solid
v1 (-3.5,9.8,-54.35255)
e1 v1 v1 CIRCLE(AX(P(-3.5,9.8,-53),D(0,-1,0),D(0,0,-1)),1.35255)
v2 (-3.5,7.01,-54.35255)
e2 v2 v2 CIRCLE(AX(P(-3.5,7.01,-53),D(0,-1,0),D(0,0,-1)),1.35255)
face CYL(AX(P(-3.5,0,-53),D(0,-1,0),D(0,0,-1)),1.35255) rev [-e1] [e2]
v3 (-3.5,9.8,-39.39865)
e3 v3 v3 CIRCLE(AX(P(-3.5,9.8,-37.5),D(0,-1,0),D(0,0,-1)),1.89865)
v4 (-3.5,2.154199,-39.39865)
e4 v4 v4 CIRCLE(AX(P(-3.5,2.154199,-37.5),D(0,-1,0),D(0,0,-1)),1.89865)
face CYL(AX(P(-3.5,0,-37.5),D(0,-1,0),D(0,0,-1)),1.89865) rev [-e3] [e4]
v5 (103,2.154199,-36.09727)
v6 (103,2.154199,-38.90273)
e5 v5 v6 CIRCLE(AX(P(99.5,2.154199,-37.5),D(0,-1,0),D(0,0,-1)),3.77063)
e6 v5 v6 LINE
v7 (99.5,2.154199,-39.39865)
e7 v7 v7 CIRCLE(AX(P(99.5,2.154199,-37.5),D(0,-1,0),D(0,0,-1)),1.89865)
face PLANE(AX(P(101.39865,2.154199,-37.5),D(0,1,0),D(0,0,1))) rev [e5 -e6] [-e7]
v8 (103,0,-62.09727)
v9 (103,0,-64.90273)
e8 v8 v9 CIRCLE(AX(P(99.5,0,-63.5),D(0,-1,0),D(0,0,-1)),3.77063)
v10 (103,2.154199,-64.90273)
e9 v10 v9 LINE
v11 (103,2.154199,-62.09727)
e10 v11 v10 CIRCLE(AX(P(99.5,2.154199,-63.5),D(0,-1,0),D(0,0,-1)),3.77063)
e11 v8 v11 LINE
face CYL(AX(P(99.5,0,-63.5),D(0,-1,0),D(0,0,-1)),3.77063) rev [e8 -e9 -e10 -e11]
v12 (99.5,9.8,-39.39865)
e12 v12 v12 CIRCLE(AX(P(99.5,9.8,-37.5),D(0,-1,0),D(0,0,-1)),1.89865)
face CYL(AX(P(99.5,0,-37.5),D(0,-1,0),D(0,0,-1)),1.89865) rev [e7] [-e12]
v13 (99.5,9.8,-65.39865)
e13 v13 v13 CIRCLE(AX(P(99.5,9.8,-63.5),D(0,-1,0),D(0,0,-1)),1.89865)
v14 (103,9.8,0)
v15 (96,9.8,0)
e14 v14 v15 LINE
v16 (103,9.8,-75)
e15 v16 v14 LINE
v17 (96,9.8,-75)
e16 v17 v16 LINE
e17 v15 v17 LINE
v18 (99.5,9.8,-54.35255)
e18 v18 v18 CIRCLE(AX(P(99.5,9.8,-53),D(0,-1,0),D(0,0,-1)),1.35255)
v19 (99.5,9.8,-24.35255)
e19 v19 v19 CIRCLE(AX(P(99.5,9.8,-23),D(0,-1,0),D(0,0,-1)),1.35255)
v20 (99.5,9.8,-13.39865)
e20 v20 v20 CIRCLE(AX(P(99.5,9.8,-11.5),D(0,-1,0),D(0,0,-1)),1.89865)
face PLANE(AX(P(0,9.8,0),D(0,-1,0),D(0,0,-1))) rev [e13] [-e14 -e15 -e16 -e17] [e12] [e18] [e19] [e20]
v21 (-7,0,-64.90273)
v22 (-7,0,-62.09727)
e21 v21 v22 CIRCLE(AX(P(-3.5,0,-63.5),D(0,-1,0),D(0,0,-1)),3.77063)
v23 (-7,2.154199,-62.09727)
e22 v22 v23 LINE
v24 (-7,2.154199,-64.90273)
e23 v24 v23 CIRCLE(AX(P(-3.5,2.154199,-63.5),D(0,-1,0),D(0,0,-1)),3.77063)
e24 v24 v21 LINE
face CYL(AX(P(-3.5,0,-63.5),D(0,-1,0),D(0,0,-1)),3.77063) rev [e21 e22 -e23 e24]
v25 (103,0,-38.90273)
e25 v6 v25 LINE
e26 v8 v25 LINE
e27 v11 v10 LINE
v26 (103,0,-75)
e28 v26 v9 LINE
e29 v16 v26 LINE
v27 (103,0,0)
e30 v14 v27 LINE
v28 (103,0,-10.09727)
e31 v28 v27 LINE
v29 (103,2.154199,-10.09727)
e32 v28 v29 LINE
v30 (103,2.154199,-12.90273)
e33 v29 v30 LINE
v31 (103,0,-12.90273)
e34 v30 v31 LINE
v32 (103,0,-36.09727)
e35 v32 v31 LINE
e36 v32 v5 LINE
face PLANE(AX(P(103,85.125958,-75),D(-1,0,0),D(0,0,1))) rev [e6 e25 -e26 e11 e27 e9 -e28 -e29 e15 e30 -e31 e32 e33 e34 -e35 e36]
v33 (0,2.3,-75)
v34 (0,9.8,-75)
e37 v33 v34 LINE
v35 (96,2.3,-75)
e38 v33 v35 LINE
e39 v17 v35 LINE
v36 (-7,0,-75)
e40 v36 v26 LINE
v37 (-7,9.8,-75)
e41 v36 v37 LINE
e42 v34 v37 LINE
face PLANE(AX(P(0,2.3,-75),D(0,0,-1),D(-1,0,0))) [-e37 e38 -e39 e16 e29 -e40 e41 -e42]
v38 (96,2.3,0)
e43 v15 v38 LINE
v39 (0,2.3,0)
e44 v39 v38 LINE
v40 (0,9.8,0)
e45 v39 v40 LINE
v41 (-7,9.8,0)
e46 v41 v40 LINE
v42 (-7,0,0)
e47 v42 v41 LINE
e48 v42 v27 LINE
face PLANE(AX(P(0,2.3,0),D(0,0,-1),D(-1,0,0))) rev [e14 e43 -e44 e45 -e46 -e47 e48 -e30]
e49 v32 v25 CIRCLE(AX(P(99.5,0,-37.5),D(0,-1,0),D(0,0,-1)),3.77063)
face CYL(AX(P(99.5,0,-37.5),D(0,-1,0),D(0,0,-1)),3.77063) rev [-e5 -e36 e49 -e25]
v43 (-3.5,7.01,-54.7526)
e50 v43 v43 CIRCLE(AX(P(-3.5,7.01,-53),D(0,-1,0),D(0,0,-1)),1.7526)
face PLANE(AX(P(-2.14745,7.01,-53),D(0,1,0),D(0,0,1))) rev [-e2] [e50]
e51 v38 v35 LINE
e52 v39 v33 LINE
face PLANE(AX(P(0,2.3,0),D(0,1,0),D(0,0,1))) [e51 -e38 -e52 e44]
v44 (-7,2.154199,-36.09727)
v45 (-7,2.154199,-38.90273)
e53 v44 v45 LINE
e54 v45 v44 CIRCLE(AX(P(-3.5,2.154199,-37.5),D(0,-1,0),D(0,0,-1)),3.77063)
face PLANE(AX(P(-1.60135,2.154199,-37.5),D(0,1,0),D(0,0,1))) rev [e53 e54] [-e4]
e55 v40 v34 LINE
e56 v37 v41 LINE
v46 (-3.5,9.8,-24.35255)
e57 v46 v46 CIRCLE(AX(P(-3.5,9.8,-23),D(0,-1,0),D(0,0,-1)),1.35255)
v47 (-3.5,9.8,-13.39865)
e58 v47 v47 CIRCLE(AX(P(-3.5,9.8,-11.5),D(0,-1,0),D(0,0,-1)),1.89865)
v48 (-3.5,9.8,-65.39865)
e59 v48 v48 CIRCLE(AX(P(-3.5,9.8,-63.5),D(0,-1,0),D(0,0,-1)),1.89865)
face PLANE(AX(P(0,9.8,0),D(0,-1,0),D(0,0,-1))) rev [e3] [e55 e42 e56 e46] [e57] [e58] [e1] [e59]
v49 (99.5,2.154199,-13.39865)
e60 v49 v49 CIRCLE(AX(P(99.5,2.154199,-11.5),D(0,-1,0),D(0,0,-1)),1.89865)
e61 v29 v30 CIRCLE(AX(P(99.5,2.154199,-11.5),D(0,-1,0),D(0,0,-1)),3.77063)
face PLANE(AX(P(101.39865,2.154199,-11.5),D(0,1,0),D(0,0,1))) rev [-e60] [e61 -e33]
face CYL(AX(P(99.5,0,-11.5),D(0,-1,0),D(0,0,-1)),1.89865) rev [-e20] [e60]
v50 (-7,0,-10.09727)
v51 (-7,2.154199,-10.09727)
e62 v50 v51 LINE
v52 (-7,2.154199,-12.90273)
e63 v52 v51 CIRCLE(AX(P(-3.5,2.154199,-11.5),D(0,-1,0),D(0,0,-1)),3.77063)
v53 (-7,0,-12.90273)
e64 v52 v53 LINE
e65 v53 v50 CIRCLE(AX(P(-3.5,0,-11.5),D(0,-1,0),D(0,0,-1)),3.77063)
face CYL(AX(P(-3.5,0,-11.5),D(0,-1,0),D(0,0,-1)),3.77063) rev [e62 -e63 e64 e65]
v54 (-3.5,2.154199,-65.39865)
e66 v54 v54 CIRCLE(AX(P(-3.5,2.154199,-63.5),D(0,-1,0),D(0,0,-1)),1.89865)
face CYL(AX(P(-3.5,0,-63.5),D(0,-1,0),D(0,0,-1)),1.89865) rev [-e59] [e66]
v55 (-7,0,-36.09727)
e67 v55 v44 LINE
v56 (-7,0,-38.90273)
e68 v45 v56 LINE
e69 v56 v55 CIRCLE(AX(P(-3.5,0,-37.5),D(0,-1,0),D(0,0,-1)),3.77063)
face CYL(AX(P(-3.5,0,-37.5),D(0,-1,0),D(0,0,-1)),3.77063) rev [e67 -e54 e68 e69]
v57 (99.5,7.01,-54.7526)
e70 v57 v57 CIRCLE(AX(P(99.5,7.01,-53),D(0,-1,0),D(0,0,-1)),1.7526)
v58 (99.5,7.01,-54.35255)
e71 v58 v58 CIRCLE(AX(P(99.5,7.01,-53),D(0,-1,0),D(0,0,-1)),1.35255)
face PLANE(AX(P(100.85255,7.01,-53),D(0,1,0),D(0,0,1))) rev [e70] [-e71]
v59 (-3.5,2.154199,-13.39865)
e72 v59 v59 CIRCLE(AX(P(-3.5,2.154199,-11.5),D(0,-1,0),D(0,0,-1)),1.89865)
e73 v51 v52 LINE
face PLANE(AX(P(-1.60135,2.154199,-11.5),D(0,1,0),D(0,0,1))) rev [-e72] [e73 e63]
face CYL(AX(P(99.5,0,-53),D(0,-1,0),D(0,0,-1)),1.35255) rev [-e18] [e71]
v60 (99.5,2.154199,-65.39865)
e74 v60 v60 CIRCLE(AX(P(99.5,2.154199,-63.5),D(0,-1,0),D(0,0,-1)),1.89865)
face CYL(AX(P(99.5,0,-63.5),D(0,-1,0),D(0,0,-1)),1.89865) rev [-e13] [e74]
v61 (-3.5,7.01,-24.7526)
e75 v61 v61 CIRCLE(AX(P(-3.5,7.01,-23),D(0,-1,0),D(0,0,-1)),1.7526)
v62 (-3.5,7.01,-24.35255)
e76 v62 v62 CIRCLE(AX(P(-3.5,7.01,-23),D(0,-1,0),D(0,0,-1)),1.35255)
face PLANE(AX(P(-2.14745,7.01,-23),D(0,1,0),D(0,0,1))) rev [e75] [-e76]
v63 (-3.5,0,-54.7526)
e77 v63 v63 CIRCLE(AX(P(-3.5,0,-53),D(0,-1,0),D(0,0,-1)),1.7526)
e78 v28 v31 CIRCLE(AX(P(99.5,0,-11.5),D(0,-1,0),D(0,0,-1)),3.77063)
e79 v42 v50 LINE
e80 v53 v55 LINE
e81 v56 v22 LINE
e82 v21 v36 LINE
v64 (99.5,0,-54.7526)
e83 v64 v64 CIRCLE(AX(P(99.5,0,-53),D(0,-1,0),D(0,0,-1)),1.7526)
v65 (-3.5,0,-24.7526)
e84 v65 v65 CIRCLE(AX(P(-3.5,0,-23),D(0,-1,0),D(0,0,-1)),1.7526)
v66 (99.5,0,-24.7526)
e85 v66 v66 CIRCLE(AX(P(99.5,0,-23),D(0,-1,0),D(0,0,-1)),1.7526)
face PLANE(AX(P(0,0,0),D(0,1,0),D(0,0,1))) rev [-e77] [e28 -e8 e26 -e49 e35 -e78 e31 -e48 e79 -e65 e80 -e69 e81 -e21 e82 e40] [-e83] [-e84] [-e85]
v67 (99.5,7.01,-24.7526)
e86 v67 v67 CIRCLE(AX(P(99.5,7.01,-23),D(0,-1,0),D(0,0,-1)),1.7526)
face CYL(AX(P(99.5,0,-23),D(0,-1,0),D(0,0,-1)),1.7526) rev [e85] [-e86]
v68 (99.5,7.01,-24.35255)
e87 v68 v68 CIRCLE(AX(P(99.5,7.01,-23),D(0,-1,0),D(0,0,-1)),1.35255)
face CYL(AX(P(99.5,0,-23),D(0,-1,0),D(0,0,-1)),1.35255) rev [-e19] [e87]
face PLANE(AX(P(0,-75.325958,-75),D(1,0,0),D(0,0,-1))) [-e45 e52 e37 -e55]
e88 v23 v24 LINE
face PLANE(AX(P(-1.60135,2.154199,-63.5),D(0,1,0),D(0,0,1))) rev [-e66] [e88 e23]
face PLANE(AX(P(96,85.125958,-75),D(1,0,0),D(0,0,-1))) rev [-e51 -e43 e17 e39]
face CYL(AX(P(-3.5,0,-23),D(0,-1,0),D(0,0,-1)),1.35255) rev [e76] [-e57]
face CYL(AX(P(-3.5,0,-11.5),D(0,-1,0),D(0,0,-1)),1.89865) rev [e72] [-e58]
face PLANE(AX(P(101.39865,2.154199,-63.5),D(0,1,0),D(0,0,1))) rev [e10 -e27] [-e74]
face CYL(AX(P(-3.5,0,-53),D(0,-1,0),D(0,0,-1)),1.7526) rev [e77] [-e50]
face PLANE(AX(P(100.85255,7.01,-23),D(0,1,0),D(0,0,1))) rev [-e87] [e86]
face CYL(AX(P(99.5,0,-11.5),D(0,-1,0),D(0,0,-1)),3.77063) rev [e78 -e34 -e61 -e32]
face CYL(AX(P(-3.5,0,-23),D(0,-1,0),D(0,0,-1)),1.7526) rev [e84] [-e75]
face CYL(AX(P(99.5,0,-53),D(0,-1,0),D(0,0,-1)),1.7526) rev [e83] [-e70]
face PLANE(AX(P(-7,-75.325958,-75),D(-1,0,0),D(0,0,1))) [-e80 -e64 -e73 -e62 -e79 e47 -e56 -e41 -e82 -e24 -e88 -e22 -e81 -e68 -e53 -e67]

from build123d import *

# Parameters (mm, degrees)
SKETCH1_W                                      = 96
SKETCH1_H                                      = 75
BOSS_EXTRUDE1_DEPTH                            = 2.3
SKETCH2_W                                      = 7
SKETCH2_H                                      = 75
BOSS_EXTRUDE2_DEPTH                            = 7.5
BOSS_EXTRUDE2_DEPTH_BACK                       = 2.3
BOSS_EXTRUDE3_REACH                            = 9.5
SKETCH3_W                                      = 7
SKETCH3_H                                      = 75
BOSS_EXTRUDE3_DIRECTION_2_REACH                = 4.3
F_6_32_TAPPED_HOLE1_D                          = 2.7051
F_6_32_TAPPED_HOLE1_CBORE_D                    = 3.5052
F_6_32_TAPPED_HOLE1_CBORE_DEPTH                = 7.01
CBORE_FOR_6_BUTTON_HEAD_CAP_SCREW1_D           = 3.7973
CBORE_FOR_6_BUTTON_HEAD_CAP_SCREW1_CBORE_D     = 7.54126
CBORE_FOR_6_BUTTON_HEAD_CAP_SCREW1_CBORE_DEPTH = 2.1541994


with BuildPart() as part:
    # Sketch1 → Boss-Extrude1 (new body)
    with BuildSketch(Plane(origin=(0, 0, 0), x_dir=(1, 0, 0), z_dir=(0, 1, 0))):
        with Locations((48, 37.5)):
            Rectangle(SKETCH1_W, SKETCH1_H)
    extrude(amount=BOSS_EXTRUDE1_DEPTH)

    # Sketch2 → Boss-Extrude2 (add, two sides)
    with BuildSketch(Plane(origin=(0, 2.3, 0), x_dir=(1, 0, 0), z_dir=(0, 1, 0))) as boss_extrude2_sk:
        with Locations((-3.5, 37.5)):
            Rectangle(SKETCH2_W, SKETCH2_H)
    extrude(amount=BOSS_EXTRUDE2_DEPTH)
    extrude(boss_extrude2_sk.sketch, amount=-BOSS_EXTRUDE2_DEPTH_BACK)

    # Boss-Extrude3: up to this face of the body (flat: up to its plane)
    boss_extrude3_end = Plane(part.part.faces().sort_by_distance((-3.5, 9.8, -37.5))[0])
    # Sketch3 → Boss-Extrude3 (add, up to the picked face)
    with BuildSketch(Plane(origin=(0, 2.3, 0), x_dir=(1, 0, 0), z_dir=(0, 1, 0)), mode=Mode.PRIVATE) as boss_extrude3_sk1:
        with Locations((99.5, 37.5)):
            Rectangle(SKETCH3_W, SKETCH3_H)
    boss_extrude3_tool1 = split(extrude(boss_extrude3_sk1.sketch, amount=BOSS_EXTRUDE3_REACH, mode=Mode.PRIVATE), bisect_by=boss_extrude3_end, keep=Keep.BOTH, mode=Mode.PRIVATE)
    add(boss_extrude3_tool1.solids().sort_by_distance((99.5, 2.3, -37.5))[0])

    # Boss-Extrude3 direction 2: up to this face of the body (flat: up to its plane)
    boss_extrude3_direction_2_end = Plane(part.part.faces().sort_by_distance((44.5, 0, -37.5))[0])
    # Sketch3 → Boss-Extrude3 direction 2 (add, up to the picked face)
    with BuildSketch(Plane(origin=(0, 2.3, 0), x_dir=(1, 0, 0), z_dir=(0, 1, 0)), mode=Mode.PRIVATE) as boss_extrude3_direction_2_sk1:
        with Locations((99.5, 37.5)):
            Rectangle(SKETCH3_W, SKETCH3_H)
    boss_extrude3_direction_2_tool1 = split(extrude(boss_extrude3_direction_2_sk1.sketch, amount=-BOSS_EXTRUDE3_DIRECTION_2_REACH, mode=Mode.PRIVATE), bisect_by=boss_extrude3_direction_2_end, keep=Keep.BOTH, mode=Mode.PRIVATE)
    add(boss_extrude3_direction_2_tool1.solids().sort_by_distance((99.5, 2.3, -37.5))[0])

    # #6-32 Tapped Hole1 (through all)
    with Locations(Plane(origin=(0, 0, 0), x_dir=(-1, 0, 0), z_dir=(0, -1, 0))):
        with Locations((-99.5, 23), (-99.5, 53), (3.5, 23), (3.5, 53)):
            CounterBoreHole(F_6_32_TAPPED_HOLE1_D / 2, F_6_32_TAPPED_HOLE1_CBORE_D / 2, F_6_32_TAPPED_HOLE1_CBORE_DEPTH)

    # CBORE for #6 Button Head Cap Screw1 (through all)
    with Locations(Plane(origin=(0, 0, 0), x_dir=(-1, 0, 0), z_dir=(0, -1, 0))):
        with Locations((-99.5, 63.5), (-99.5, 37.5), (-99.5, 11.5), (3.5, 11.5), (3.5, 37.5), (3.5, 63.5)):
            CounterBoreHole(CBORE_FOR_6_BUTTON_HEAD_CAP_SCREW1_D / 2, CBORE_FOR_6_BUTTON_HEAD_CAP_SCREW1_CBORE_D / 2, CBORE_FOR_6_BUTTON_HEAD_CAP_SCREW1_CBORE_DEPTH)


solid = part.part
